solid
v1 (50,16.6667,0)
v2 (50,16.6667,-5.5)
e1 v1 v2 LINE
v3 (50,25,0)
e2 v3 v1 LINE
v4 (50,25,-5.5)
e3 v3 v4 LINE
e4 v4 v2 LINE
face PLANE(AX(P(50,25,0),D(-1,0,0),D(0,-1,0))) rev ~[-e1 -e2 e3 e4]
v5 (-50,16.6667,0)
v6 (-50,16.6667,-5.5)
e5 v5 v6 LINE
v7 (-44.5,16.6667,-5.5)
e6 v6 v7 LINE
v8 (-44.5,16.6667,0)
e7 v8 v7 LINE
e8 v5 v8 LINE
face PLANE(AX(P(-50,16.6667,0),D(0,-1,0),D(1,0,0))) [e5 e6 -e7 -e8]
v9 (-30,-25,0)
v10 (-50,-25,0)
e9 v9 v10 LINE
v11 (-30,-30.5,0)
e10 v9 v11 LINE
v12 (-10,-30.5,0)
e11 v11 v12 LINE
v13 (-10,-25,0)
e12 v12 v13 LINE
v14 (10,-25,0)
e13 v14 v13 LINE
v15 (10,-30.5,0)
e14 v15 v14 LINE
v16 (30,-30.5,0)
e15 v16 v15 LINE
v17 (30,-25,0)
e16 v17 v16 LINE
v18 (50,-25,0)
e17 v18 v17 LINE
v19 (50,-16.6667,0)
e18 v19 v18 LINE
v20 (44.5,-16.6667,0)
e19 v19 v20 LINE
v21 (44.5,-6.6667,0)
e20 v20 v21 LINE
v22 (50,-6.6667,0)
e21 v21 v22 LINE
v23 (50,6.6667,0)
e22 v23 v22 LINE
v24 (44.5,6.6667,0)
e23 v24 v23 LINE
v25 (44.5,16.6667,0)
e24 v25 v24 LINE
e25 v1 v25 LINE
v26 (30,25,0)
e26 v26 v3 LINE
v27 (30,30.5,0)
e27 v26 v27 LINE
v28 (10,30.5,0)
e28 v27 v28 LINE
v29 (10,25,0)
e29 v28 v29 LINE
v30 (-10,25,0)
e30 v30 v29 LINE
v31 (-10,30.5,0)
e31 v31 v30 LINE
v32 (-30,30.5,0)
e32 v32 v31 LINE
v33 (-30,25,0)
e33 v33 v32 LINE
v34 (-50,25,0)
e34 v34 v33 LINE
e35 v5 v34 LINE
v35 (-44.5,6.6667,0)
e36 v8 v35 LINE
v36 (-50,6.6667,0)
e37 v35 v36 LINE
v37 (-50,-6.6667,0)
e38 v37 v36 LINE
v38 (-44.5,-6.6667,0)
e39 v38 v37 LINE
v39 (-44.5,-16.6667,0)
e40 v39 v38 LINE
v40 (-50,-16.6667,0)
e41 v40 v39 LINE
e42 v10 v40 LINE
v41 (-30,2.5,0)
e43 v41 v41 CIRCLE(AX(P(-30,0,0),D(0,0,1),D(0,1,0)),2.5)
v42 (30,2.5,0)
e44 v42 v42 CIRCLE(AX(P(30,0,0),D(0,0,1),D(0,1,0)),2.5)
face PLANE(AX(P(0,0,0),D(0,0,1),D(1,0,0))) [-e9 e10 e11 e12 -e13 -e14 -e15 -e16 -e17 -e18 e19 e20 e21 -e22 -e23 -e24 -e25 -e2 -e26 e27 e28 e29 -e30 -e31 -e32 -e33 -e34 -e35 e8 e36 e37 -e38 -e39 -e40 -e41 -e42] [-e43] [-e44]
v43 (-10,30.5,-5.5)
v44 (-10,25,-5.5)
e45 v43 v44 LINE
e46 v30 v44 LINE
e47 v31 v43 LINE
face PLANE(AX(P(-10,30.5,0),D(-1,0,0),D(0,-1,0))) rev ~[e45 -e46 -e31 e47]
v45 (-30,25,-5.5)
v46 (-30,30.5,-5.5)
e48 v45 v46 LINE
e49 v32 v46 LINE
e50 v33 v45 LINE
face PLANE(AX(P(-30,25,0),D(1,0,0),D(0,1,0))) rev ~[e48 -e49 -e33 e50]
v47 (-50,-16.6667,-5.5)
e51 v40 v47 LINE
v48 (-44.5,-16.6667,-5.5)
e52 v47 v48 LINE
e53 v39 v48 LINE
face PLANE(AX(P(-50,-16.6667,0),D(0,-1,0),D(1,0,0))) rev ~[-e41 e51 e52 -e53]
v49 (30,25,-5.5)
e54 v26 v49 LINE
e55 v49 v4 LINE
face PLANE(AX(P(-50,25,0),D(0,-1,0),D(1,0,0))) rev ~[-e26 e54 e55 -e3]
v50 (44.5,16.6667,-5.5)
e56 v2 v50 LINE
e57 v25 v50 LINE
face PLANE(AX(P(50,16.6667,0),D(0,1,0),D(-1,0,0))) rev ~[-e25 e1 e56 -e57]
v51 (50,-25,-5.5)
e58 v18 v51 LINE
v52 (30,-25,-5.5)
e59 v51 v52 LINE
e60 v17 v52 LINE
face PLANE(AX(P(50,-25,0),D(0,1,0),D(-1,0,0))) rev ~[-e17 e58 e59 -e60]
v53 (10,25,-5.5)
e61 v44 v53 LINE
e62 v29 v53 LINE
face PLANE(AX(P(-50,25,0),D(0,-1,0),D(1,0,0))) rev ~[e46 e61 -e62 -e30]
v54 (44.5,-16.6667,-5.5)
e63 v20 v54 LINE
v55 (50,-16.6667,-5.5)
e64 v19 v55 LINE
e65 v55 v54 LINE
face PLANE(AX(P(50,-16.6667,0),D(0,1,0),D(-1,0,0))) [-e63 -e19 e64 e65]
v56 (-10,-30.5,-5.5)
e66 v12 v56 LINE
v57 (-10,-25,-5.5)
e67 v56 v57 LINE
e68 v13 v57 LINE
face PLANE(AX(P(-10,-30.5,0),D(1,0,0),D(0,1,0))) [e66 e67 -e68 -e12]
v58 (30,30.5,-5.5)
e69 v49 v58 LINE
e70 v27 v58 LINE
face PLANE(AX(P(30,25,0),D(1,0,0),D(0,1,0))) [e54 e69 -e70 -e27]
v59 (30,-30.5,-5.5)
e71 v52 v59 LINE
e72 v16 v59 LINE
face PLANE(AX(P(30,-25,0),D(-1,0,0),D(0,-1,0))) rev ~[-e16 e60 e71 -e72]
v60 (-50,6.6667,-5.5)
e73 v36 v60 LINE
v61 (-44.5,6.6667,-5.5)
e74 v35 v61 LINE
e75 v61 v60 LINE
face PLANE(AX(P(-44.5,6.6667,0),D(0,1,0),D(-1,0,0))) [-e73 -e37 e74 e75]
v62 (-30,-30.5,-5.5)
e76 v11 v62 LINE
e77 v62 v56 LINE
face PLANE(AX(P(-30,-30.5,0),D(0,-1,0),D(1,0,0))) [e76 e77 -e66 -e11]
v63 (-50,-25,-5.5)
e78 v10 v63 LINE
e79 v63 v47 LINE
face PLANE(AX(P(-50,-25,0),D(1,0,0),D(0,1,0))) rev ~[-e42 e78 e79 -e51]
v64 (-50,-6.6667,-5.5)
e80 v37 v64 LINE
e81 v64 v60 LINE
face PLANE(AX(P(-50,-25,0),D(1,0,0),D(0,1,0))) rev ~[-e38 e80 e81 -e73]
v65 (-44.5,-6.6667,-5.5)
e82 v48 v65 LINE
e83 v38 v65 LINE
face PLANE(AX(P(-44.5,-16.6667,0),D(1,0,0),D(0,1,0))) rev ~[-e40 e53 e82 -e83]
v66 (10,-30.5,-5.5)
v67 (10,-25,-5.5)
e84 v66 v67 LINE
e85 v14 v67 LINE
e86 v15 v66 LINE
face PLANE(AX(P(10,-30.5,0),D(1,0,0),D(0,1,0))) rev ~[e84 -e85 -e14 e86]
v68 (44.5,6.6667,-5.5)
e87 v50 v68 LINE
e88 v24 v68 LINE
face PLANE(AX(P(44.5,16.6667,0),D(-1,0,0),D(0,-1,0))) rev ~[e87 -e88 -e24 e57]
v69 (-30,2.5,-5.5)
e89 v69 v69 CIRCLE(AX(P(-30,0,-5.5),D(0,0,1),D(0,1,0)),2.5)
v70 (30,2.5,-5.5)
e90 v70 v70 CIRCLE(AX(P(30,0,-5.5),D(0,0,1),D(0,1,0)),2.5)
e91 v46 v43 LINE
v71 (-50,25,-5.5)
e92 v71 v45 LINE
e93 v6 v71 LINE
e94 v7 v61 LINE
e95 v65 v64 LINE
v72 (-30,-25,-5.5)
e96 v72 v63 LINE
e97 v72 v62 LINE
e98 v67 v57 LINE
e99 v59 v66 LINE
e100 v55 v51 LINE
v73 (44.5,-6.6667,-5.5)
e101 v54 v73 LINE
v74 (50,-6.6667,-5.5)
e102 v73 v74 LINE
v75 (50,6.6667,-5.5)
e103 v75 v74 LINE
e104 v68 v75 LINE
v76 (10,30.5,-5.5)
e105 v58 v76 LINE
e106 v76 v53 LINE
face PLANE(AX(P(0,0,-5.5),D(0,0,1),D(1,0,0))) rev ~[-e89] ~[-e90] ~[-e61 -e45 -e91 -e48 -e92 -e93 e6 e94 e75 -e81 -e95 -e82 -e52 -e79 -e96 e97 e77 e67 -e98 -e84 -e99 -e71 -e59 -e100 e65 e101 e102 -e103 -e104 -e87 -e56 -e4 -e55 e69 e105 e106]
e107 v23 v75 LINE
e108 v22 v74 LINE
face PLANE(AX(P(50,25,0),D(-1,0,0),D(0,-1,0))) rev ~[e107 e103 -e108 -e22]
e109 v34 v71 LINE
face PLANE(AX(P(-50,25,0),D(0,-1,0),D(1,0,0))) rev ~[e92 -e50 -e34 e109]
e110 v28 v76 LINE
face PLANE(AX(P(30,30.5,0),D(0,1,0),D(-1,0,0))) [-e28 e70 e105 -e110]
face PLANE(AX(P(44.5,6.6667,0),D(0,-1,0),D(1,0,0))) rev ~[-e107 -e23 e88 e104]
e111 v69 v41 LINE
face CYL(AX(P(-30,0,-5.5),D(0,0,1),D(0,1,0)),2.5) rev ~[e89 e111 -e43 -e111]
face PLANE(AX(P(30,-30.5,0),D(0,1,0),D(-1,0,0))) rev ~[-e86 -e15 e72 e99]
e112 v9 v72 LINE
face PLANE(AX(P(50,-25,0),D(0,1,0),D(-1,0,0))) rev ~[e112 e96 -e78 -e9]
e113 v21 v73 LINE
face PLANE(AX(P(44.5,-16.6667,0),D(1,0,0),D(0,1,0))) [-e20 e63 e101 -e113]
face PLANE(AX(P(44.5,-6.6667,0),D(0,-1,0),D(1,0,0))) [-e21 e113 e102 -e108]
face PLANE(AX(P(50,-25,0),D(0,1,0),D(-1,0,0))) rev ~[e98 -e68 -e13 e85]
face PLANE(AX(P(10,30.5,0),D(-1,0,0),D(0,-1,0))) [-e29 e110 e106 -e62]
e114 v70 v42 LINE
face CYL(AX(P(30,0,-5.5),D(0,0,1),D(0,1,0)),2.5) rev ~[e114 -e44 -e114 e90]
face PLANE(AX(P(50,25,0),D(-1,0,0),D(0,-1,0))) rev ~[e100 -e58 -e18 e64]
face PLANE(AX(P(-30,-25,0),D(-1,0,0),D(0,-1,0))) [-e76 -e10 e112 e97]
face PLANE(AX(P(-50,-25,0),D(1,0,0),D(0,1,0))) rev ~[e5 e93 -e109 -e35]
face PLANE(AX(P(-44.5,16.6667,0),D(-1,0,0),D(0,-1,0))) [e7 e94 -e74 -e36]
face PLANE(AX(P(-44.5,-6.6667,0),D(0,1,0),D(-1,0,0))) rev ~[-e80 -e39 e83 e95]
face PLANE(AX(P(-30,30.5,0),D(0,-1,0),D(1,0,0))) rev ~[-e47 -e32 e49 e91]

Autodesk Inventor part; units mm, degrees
ref_plane "YZ Plane" through (0, 0, 0) normal (1, 0, 0) x (0, 1, 0)
ref_plane "XZ Plane" through (0, 0, 0) normal (0, 1, 0) x (-1, 0, 0)
ref_plane "XY Plane" through (0, 0, 0) normal (0, 0, 1) x (1, 0, 0)
sketch "Block1" plane through (0, 0, 0) normal (0, 0, 1) x (1, 0, 0)
  line L0 (-30.1, 34.1) -> (-9.9, 34.1)
  line L1 (-9.9, 34.1) -> (-9.9, 25.1)
  line L2 (-9.9, 25.1) -> (9.9, 25.1)
  line L3 (9.9, 25.1) -> (9.9, 34.1)
  line L4 (9.9, 34.1) -> (30.1, 34.1)
  line L5 (30.1, 34.1) -> (30.1, 25.1)
  line L6 (30.1, 25.1) -> (50.1, 25.1)
  line L7 (50.1, 25.1) -> (50.1, 16.5667)
  line L8 (50.1, 16.5667) -> (41.1, 16.5667)
  line L9 (41.1, 16.5667) -> (41.1, 6.7667)
  line L10 (41.1, 6.7667) -> (50.1, 6.7667)
  line L11 (50.1, 6.7667) -> (50.1, -6.7667)
  line L12 (50.1, -6.7667) -> (41.1, -6.7667)
  line L13 (41.1, -6.7667) -> (41.1, -16.5667)
  line L14 (41.1, -16.5667) -> (50.1, -16.5667)
  line L15 (50.1, -16.5667) -> (50.1, -25.1)
  line L16 (50.1, -25.1) -> (30.1, -25.1)
  line L17 (30.1, -25.1) -> (30.1, -34.1)
  line L18 (30.1, -34.1) -> (9.9, -34.1)
  line L19 (9.9, -34.1) -> (9.9, -25.1)
  line L20 (9.9, -25.1) -> (-9.9, -25.1)
  line L21 (-9.9, -25.1) -> (-9.9, -34.1)
  line L22 (-9.9, -34.1) -> (-30.1, -34.1)
  line L23 (-30.1, -34.1) -> (-30.1, -25.1)
  line L24 (-30.1, -25.1) -> (-50.1, -25.1)
  line L25 (-50.1, -25.1) -> (-50.1, -16.5667)
  line L26 (-50.1, -16.5667) -> (-41.1, -16.5667)
  line L27 (-41.1, -16.5667) -> (-41.1, -6.7667)
  line L28 (-41.1, -6.7667) -> (-50.1, -6.7667)
  line L29 (-50.1, -6.7667) -> (-50.1, 6.7667)
  line L30 (-50.1, 6.7667) -> (-41.1, 6.7667)
  line L31 (-41.1, 6.7667) -> (-41.1, 16.5667)
  line L32 (-41.1, 16.5667) -> (-50.1, 16.5667)
  line L33 (-50.1, 16.5667) -> (-50.1, 25.1)
  line L34 (-50.1, 25.1) -> (-30.1, 25.1)
  line L35 (-30.1, 25.1) -> (-30.1, 34.1)
  circle A0 centre (-30, 0) radius 4.6
  circle A1 centre (30, 0) radius 4.6
  point P0 (0, 0)
sketch "Block2" plane through (0, 0, 0) normal (0, 0, 1) x (1, 0, 0)
  line L0 (9.8, 34.2) -> (30.2, 34.2)
  line L1 (30.2, 34.2) -> (30.2, 25.2)
  line L2 (30.2, 25.2) -> (50.2, 25.2)
  line L3 (50.2, 25.2) -> (50.2, 16.4667)
  line L4 (50.2, 16.4667) -> (41.2, 16.4667)
  line L5 (41.2, 16.4667) -> (41.2, 6.8667)
  line L6 (41.2, 6.8667) -> (50.2, 6.8667)
  line L7 (50.2, 6.8667) -> (50.2, -6.8667)
  line L8 (50.2, -6.8667) -> (41.2, -6.8667)
  line L9 (41.2, -6.8667) -> (41.2, -16.4667)
  line L10 (41.2, -16.4667) -> (50.2, -16.4667)
  line L11 (50.2, -16.4667) -> (50.2, -25.2)
  line L12 (50.2, -25.2) -> (30.2, -25.2)
  line L13 (30.2, -25.2) -> (30.2, -34.2)
  line L14 (30.2, -34.2) -> (9.8, -34.2)
  line L15 (9.8, -34.2) -> (9.8, -25.2)
  line L16 (9.8, -25.2) -> (-9.8, -25.2)
  line L17 (-9.8, -25.2) -> (-9.8, -34.2)
  line L18 (-9.8, -34.2) -> (-30.2, -34.2)
  line L19 (-30.2, -34.2) -> (-30.2, -25.2)
  line L20 (-30.2, -25.2) -> (-50.2, -25.2)
  line L21 (-50.2, -25.2) -> (-50.2, -16.4667)
  line L22 (-50.2, -16.4667) -> (-41.2, -16.4667)
  line L23 (-41.2, -16.4667) -> (-41.2, -6.8667)
  line L24 (-41.2, -6.8667) -> (-50.2, -6.8667)
  line L25 (-50.2, -6.8667) -> (-50.2, 6.8667)
  line L26 (-50.2, 6.8667) -> (-41.2, 6.8667)
  line L27 (-41.2, 6.8667) -> (-41.2, 16.4667)
  line L28 (-41.2, 16.4667) -> (-50.2, 16.4667)
  line L29 (-50.2, 16.4667) -> (-50.2, 25.2)
  line L30 (-50.2, 25.2) -> (-30.2, 25.2)
  line L31 (-30.2, 25.2) -> (-30.2, 34.2)
  line L32 (-30.2, 34.2) -> (-9.8, 34.2)
  line L33 (-9.8, 34.2) -> (-9.8, 25.2)
  line L34 (-9.8, 25.2) -> (9.8, 25.2)
  line L35 (9.8, 25.2) -> (9.8, 34.2)
  circle A0 centre (30, 0) radius 4.7
  circle A1 centre (-30, 0) radius 4.7
  point P0 (0, 0)
sketch "Block3" plane through (0, 0, 0) normal (0, 0, 1) x (1, 0, 0)
  line L0 (9.9, 34.1) -> (30.1, 34.1)
  line L1 (30.1, 34.1) -> (30.1, 25.1)
  line L2 (30.1, 25.1) -> (50.1, 25.1)
  line L3 (50.1, 25.1) -> (50.1, 16.5667)
  line L4 (50.1, 16.5667) -> (41.1, 16.5667)
  line L5 (41.1, 16.5667) -> (41.1, 6.7667)
  line L6 (41.1, 6.7667) -> (50.1, 6.7667)
  line L7 (50.1, 6.7667) -> (50.1, -6.7667)
  line L8 (50.1, -6.7667) -> (41.1, -6.7667)
  line L9 (41.1, -6.7667) -> (41.1, -16.5667)
  line L10 (41.1, -16.5667) -> (50.1, -16.5667)
  line L11 (50.1, -16.5667) -> (50.1, -25.1)
  line L12 (50.1, -25.1) -> (30.1, -25.1)
  line L13 (30.1, -25.1) -> (30.1, -34.1)
  line L14 (30.1, -34.1) -> (9.9, -34.1)
  line L15 (9.9, -34.1) -> (9.9, -25.1)
  line L16 (9.9, -25.1) -> (-9.9, -25.1)
  line L17 (-9.9, -25.1) -> (-9.9, -34.1)
  line L18 (-9.9, -34.1) -> (-30.1, -34.1)
  line L19 (-30.1, -34.1) -> (-30.1, -25.1)
  line L20 (-30.1, -25.1) -> (-50.1, -25.1)
  line L21 (-50.1, -25.1) -> (-50.1, -16.5667)
  line L22 (-50.1, -16.5667) -> (-41.1, -16.5667)
  line L23 (-41.1, -16.5667) -> (-41.1, -6.7667)
  line L24 (-41.1, -6.7667) -> (-50.1, -6.7667)
  line L25 (-50.1, -6.7667) -> (-50.1, 6.7667)
  line L26 (-50.1, 6.7667) -> (-41.1, 6.7667)
  line L27 (-41.1, 6.7667) -> (-41.1, 16.5667)
  line L28 (-41.1, 16.5667) -> (-50.1, 16.5667)
  line L29 (-50.1, 16.5667) -> (-50.1, 25.1)
  line L30 (-50.1, 25.1) -> (-30.1, 25.1)
  line L31 (-30.1, 25.1) -> (-30.1, 34.1)
  line L32 (-30.1, 34.1) -> (-9.9, 34.1)
  line L33 (-9.9, 34.1) -> (-9.9, 25.1)
  line L34 (-9.9, 25.1) -> (9.9, 25.1)
  line L35 (9.9, 25.1) -> (9.9, 34.1)
  circle A0 centre (-30, 0) radius 4.6
  circle A1 centre (30, 0) radius 4.6
  point P0 (0, 0)
sketch "Block4" plane through (10, 0, 0) normal (0, 1, 0) x (1, 0, 0)
  line L0 (-30.08, 30.58) -> (-9.92, 30.58)
  line L1 (-9.92, 30.58) -> (-9.92, 25.08)
  line L2 (-9.92, 25.08) -> (9.92, 25.08)
  line L3 (9.92, 25.08) -> (9.92, 30.58)
  line L4 (9.92, 30.58) -> (30.08, 30.58)
  line L5 (30.08, 30.58) -> (30.08, 25.08)
  line L6 (30.08, 25.08) -> (50.08, 25.08)
  line L7 (50.08, 25.08) -> (50.08, 16.5867)
  line L8 (50.08, 16.5867) -> (44.58, 16.5867)
  line L9 (44.58, 16.5867) -> (44.58, 6.7467)
  line L10 (44.58, 6.7467) -> (50.08, 6.7467)
  line L11 (50.08, 6.7467) -> (50.08, -6.7467)
  line L12 (50.08, -6.7467) -> (44.58, -6.7467)
  line L13 (44.58, -6.7467) -> (44.58, -16.5867)
  line L14 (44.58, -16.5867) -> (50.08, -16.5867)
  line L15 (50.08, -16.5867) -> (50.08, -25.08)
  line L16 (50.08, -25.08) -> (30.08, -25.08)
  line L17 (30.08, -25.08) -> (30.08, -30.58)
  line L18 (30.08, -30.58) -> (9.92, -30.58)
  line L19 (9.92, -30.58) -> (9.92, -25.08)
  line L20 (9.92, -25.08) -> (-9.92, -25.08)
  line L21 (-9.92, -25.08) -> (-9.92, -30.58)
  line L22 (-9.92, -30.58) -> (-30.08, -30.58)
  line L23 (-30.08, -30.58) -> (-30.08, -25.08)
  line L24 (-30.08, -25.08) -> (-50.08, -25.08)
  line L25 (-50.08, -25.08) -> (-50.08, -16.5867)
  line L26 (-50.08, -16.5867) -> (-44.58, -16.5867)
  line L27 (-44.58, -16.5867) -> (-44.58, -6.7467)
  line L28 (-44.58, -6.7467) -> (-50.08, -6.7467)
  line L29 (-50.08, -6.7467) -> (-50.08, 6.7467)
  line L30 (-50.08, 6.7467) -> (-44.58, 6.7467)
  line L31 (-44.58, 6.7467) -> (-44.58, 16.5867)
  line L32 (-44.58, 16.5867) -> (-50.08, 16.5867)
  line L33 (-50.08, 16.5867) -> (-50.08, 25.08)
  line L34 (-50.08, 25.08) -> (-30.08, 25.08)
  line L35 (-30.08, 25.08) -> (-30.08, 30.58)
  circle A0 centre (-30, 0) radius 4.88
  circle A1 centre (30, 0) radius 4.88
  point P0 (0, 0)
sketch "Block5" plane through (10, 0, 0) normal (0, 1, 0) x (1, 0, 0)
  line L0 (-30.08, 30.58) -> (-9.92, 30.58)
  line L1 (-9.92, 30.58) -> (-9.92, 25.08)
  line L2 (-9.92, 25.08) -> (9.92, 25.08)
  line L3 (9.92, 25.08) -> (9.92, 30.58)
  line L4 (9.92, 30.58) -> (30.08, 30.58)
  line L5 (30.08, 30.58) -> (30.08, 25.08)
  line L6 (30.08, 25.08) -> (50.08, 25.08)
  line L7 (50.08, 25.08) -> (50.08, 16.5867)
  line L8 (50.08, 16.5867) -> (44.58, 16.5867)
  line L9 (44.58, 16.5867) -> (44.58, 6.7467)
  line L10 (44.58, 6.7467) -> (50.08, 6.7467)
  line L11 (50.08, 6.7467) -> (50.08, -6.7467)
  line L12 (50.08, -6.7467) -> (44.58, -6.7467)
  line L13 (44.58, -6.7467) -> (44.58, -16.5867)
  line L14 (44.58, -16.5867) -> (50.08, -16.5867)
  line L15 (50.08, -16.5867) -> (50.08, -25.08)
  line L16 (50.08, -25.08) -> (30.08, -25.08)
  line L17 (30.08, -25.08) -> (30.08, -30.58)
  line L18 (30.08, -30.58) -> (9.92, -30.58)
  line L19 (9.92, -30.58) -> (9.92, -25.08)
  line L20 (9.92, -25.08) -> (-9.92, -25.08)
  line L21 (-9.92, -25.08) -> (-9.92, -30.58)
  line L22 (-9.92, -30.58) -> (-30.08, -30.58)
  line L23 (-30.08, -30.58) -> (-30.08, -25.08)
  line L24 (-30.08, -25.08) -> (-50.08, -25.08)
  line L25 (-50.08, -25.08) -> (-50.08, -16.5867)
  line L26 (-50.08, -16.5867) -> (-44.58, -16.5867)
  line L27 (-44.58, -16.5867) -> (-44.58, -6.7467)
  line L28 (-44.58, -6.7467) -> (-50.08, -6.7467)
  line L29 (-50.08, -6.7467) -> (-50.08, 6.7467)
  line L30 (-50.08, 6.7467) -> (-44.58, 6.7467)
  line L31 (-44.58, 6.7467) -> (-44.58, 16.5867)
  line L32 (-44.58, 16.5867) -> (-50.08, 16.5867)
  line L33 (-50.08, 16.5867) -> (-50.08, 25.08)
  line L34 (-50.08, 25.08) -> (-30.08, 25.08)
  line L35 (-30.08, 25.08) -> (-30.08, 30.58)
  circle A0 centre (-30, 0) radius 4.83
  circle A1 centre (30, 0) radius 4.83
  point P0 (0, 0)
sketch "Sketch10" plane through (0, 0, 0) normal (0, 0, 1) x (1, 0, 0)
  line L0 (50, -25) -> (-50, -25)
  line L1 (-50, -25) -> (-50, 25)
  line L2 (-50, 25) -> (50, 25)
  line L3 (50, 25) -> (50, -25)
  line L4 (50, -25) -> (-50, 25) construction
  line L5 (-50, -25) -> (50, 25) construction
  point P0 (0, 0)
  dimension "d21" = 100
  dimension "d22" = 50
extrude "Extrusion2" add sketch "Sketch10" against normal blind 5.5
sketch "Sketch16" plane through (0, 0, -5.5) normal (0, 0, -1) x (-1, 0, 0)
  line L0 (0, -49.304) -> (0, 48.0007) projected
  point P0 (0, 0)
  point P1 (-30, 0)
  point P2 (30, 0)
  dimension "d52" = 60
hole "Hole5" at (30, 0, -5.5) at (-30, 0, -5.5) direction (0, 0, 1) diameter 5 end through all
sketch "Sketch35" plane through (0, 0, 0) normal (0, 0, 1) x (1, 0, 0)
  line L0 (-50, 25) -> (50, 25) projected
  line L1 (-50, -25) -> (-50, 25) projected
  line L2 (0, -49.304) -> (0, 48.0007) projected
  line L3 (-213.651, 0) -> (108.296, 0) projected
  line L4 (50, 25) -> (50, -25) projected
  line L5 (-30, 25) -> (-30, 30.5)
  line L6 (-30, 30.5) -> (-10, 30.5)
  line L7 (-10, 30.5) -> (-10, 25)
  line L8 (-30, 25) -> (-10, 25)
  line L9 (30, 25) -> (30, 30.5)
  line L10 (30, 30.5) -> (10, 30.5)
  line L11 (10, 30.5) -> (10, 25)
  line L12 (30, 25) -> (10, 25)
  line L13 (-30, -25) -> (-30, -30.5)
  line L14 (-30, -30.5) -> (-10, -30.5)
  line L15 (-10, -30.5) -> (-10, -25)
  line L16 (-30, -25) -> (-10, -25)
  line L17 (30, -25) -> (30, -30.5)
  line L18 (30, -25) -> (10, -25)
  line L19 (30, -30.5) -> (10, -30.5)
  line L20 (10, -30.5) -> (10, -25)
  point P0 (0, 0)
  point P1 (-50, 16.6667)
  point P2 (-50, 4.1667)
  dimension "d129" = 20
  dimension "d130" = 20
  dimension "d131" = 5.5
extrude "Extrusion6" add sketch "Sketch35" against normal blind 5.5 contours L5 L6 L7 L0 | L11 L10 L9 L0 | L16 L15 L14 L13 | L17 L19 L20 L18
sketch "Sketch36" plane through (0, 0, 0) normal (0, 0, 1) x (1, 0, 0)
  line L0 (-50, 25) -> (-30, 25) projected
  line L1 (-50, -25) -> (-50, 25) projected
  line L2 (-50, 16.6667) -> (-44.5, 16.6667)
  line L3 (-44.5, 16.6667) -> (-44.5, 6.6667)
  line L4 (-44.5, 6.6667) -> (-50, 6.6667)
  line L5 (-50, 6.6667) -> (-50, 16.6667)
  line L6 (-211.2102, 0) -> (93.6517, 0) projected
  line L7 (0, -49.304) -> (0, 48.0007) projected
  line L8 (-50, -16.6667) -> (-44.5, -16.6667)
  line L9 (-44.5, -16.6667) -> (-44.5, -6.6667)
  line L10 (-44.5, -6.6667) -> (-50, -6.6667)
  line L11 (-50, -6.6667) -> (-50, -16.6667)
  line L12 (50, 16.6667) -> (44.5, 16.6667)
  line L13 (44.5, 16.6667) -> (44.5, 6.6667)
  line L14 (44.5, 6.6667) -> (50, 6.6667)
  line L15 (50, 6.6667) -> (50, 16.6667)
  line L16 (44.5, -16.6667) -> (44.5, -6.6667)
  line L17 (44.5, -6.6667) -> (50, -6.6667)
  line L18 (50, -6.6667) -> (50, -16.6667)
  line L19 (50, -16.6667) -> (44.5, -16.6667)
  point P0 (0, 0)
  dimension "d144" = 5.5
  dimension "d145" = 10
  dimension "d146" = 8.3333
extrude "Extrusion7" cut sketch "Sketch36" against normal through all
equation "\"d23\" = Wt"
equation "\"d129\" = 0.2 * d21"
equation "\"d130\" = 0.2 * d21"
equation "\"d131\" = Wt"
equation "\"d142\" = Wt"
equation "\"d144\" = Wt"
equation "\"d145\" = 0.2 * d22"
equation "\"d146\" = 0.166667 * d22"
equation "\"d147\" = Wt"
equation "\"Wt\" = 5.5"
properties part number "holder_plate" material "Wood (Birch)"
